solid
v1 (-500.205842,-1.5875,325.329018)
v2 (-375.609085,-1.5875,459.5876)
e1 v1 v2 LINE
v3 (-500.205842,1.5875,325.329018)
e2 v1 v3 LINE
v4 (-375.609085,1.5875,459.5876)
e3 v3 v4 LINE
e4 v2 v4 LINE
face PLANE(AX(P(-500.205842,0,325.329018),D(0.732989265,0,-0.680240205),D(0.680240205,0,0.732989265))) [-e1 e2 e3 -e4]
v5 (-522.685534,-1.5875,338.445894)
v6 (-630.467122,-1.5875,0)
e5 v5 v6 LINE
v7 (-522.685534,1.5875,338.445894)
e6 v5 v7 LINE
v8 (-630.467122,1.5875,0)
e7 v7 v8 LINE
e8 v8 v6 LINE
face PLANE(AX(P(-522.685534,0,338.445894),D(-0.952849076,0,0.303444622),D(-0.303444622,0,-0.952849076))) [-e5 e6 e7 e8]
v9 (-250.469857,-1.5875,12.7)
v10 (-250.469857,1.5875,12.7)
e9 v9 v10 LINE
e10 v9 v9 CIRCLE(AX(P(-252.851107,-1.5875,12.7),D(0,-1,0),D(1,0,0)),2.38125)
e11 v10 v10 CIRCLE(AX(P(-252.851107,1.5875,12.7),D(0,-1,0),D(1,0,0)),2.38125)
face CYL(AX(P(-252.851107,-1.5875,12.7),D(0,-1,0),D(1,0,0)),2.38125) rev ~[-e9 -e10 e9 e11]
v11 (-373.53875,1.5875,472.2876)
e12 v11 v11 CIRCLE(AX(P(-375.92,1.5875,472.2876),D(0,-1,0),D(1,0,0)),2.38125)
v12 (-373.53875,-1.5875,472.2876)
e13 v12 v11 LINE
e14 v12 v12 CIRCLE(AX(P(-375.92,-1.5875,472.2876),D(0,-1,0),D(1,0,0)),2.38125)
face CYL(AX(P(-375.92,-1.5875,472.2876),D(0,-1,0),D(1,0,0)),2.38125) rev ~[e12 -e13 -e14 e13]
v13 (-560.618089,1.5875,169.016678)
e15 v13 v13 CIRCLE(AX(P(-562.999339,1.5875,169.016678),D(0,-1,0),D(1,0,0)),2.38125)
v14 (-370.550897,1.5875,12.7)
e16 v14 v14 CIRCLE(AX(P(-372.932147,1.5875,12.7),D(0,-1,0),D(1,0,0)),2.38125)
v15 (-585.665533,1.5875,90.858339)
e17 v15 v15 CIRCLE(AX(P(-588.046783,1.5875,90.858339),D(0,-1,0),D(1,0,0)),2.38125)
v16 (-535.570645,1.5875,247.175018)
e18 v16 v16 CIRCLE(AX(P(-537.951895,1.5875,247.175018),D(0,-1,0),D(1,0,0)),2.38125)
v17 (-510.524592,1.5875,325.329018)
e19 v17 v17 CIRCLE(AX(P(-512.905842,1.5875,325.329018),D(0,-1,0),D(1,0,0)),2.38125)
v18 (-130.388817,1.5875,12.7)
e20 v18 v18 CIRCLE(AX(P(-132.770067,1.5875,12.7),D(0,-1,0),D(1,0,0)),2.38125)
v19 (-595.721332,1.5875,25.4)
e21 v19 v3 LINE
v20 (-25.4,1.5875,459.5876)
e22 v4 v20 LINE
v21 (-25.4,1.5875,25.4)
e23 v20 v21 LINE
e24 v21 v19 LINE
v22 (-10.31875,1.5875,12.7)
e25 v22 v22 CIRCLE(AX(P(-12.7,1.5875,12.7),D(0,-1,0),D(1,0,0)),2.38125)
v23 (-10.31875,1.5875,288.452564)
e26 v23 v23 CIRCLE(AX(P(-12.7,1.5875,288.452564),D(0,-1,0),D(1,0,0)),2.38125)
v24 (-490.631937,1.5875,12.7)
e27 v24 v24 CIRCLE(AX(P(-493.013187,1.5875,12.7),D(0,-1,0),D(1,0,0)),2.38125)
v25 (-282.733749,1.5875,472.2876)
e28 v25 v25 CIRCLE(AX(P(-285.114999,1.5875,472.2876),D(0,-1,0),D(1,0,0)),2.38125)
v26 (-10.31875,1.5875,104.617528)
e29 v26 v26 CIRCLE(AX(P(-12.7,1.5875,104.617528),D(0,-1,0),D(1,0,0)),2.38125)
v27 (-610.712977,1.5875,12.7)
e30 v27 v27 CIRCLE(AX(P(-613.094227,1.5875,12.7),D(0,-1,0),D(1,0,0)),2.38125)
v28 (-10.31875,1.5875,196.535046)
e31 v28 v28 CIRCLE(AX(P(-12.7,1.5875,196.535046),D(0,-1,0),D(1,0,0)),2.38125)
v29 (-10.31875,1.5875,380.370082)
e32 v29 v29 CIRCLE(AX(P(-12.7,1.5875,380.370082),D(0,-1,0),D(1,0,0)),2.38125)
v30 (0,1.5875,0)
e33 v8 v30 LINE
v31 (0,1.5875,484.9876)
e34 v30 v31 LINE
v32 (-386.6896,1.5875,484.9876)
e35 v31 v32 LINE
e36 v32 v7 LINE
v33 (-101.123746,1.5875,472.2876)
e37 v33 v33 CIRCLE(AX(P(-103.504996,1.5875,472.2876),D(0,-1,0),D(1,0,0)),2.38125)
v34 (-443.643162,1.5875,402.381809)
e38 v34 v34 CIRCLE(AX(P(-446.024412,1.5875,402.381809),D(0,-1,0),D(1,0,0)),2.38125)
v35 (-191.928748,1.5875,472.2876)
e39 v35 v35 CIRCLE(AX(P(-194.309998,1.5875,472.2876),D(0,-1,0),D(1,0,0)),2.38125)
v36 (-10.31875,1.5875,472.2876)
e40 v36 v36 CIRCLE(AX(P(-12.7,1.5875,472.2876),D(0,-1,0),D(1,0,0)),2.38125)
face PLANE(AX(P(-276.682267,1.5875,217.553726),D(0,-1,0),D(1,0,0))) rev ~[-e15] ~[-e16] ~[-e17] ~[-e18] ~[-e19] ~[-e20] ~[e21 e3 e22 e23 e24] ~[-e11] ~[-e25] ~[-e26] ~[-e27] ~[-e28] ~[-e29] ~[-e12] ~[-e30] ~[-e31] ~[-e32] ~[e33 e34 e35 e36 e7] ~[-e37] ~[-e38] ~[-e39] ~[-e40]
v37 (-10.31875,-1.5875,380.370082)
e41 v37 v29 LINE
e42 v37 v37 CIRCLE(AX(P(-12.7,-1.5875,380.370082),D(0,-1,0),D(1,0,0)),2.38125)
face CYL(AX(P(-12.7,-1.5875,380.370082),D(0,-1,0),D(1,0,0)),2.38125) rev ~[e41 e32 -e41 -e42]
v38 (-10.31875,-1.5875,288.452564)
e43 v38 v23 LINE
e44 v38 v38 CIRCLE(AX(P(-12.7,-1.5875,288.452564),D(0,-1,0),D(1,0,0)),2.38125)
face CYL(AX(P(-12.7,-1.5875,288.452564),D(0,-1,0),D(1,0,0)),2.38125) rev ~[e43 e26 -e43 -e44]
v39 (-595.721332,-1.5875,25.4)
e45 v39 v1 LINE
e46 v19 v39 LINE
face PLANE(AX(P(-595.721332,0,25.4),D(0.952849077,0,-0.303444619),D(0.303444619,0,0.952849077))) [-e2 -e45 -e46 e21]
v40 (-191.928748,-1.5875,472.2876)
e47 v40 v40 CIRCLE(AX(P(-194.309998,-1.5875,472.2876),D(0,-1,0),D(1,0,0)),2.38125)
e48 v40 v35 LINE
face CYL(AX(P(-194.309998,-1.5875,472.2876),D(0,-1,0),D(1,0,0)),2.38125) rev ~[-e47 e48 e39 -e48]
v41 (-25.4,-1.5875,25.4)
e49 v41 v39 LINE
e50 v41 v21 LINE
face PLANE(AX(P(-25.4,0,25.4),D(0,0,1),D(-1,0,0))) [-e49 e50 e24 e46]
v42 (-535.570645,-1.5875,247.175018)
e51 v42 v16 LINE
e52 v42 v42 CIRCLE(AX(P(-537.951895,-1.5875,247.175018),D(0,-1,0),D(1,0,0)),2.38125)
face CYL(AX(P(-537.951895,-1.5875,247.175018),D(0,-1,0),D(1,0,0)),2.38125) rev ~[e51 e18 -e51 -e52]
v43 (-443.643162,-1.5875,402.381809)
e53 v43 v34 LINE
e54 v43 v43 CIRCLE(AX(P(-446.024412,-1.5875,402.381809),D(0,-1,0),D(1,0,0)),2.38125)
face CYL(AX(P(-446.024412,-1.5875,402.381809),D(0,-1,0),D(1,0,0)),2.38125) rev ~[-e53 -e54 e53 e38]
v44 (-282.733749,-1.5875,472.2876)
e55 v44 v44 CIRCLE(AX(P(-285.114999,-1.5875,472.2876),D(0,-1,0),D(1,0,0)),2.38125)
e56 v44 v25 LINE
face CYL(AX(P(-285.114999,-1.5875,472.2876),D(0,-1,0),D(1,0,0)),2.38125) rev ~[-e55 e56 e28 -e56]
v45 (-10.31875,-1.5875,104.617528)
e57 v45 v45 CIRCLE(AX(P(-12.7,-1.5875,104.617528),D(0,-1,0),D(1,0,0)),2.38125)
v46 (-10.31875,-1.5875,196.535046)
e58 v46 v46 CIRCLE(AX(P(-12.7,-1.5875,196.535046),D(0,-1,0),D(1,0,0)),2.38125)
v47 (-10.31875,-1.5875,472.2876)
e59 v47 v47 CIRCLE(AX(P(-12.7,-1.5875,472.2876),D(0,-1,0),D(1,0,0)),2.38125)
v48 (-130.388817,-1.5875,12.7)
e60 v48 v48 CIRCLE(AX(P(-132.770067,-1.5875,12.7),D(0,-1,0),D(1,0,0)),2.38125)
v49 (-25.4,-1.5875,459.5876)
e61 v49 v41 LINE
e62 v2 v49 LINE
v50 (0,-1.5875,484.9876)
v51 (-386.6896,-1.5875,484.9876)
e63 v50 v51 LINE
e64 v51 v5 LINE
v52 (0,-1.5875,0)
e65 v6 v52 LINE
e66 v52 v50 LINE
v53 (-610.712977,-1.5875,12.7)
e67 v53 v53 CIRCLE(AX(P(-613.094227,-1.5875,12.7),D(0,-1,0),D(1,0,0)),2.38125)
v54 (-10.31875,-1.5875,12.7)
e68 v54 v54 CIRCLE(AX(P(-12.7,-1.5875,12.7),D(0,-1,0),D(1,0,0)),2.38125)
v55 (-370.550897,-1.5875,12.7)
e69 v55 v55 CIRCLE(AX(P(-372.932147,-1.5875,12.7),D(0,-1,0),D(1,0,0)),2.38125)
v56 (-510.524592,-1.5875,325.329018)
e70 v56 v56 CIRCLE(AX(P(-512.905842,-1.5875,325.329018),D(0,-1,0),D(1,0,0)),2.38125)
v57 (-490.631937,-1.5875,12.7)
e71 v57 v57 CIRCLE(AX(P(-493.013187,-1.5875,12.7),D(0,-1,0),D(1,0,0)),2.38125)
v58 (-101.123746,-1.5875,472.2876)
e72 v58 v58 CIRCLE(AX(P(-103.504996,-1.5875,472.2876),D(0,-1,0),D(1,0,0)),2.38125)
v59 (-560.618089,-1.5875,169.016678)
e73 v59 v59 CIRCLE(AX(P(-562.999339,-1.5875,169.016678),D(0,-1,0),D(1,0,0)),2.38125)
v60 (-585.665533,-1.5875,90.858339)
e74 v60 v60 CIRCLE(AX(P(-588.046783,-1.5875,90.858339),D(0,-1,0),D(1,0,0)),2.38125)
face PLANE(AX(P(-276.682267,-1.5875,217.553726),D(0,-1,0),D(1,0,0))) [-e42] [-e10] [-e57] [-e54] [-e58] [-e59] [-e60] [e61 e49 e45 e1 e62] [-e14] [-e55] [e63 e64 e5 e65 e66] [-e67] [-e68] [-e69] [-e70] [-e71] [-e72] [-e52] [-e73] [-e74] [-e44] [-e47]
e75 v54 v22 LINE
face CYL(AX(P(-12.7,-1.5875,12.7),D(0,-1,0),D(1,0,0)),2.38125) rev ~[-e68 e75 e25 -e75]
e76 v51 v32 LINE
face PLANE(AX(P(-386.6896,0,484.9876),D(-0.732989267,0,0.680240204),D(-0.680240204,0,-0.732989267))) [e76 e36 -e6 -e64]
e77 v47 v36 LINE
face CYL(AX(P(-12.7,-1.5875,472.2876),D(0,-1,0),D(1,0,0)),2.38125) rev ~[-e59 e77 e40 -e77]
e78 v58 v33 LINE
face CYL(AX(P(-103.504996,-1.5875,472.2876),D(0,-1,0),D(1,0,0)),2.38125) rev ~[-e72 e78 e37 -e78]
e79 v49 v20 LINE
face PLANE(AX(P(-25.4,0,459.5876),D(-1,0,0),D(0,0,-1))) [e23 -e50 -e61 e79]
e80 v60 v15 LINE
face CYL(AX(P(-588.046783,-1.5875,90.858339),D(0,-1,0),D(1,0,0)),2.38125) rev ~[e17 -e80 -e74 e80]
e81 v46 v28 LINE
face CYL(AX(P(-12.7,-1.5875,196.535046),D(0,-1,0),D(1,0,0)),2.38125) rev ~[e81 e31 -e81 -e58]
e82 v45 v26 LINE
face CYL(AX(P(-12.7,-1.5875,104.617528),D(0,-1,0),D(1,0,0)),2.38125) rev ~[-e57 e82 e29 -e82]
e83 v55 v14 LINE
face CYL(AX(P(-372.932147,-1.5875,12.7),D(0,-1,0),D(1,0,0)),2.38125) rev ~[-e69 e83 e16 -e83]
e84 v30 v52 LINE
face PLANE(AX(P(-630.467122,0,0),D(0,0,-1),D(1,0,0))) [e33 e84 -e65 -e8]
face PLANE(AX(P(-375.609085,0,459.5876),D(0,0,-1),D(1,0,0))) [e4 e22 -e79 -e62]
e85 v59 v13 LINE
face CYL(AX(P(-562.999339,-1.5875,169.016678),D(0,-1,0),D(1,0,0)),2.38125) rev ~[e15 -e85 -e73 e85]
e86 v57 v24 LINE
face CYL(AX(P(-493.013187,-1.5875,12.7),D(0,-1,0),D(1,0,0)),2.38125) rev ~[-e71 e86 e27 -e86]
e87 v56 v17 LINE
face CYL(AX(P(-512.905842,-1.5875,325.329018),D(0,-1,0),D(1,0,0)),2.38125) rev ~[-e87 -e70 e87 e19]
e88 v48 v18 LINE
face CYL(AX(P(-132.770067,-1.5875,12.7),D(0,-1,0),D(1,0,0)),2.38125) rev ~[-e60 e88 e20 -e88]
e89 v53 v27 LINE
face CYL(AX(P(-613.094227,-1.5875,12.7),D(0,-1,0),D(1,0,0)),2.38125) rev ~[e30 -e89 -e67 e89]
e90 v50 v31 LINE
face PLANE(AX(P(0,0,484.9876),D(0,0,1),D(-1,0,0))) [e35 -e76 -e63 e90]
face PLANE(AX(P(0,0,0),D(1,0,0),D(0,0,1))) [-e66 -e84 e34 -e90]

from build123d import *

# Parameters (mm, degrees)
F1_DEPTH      = 1.5875
F1_DEPTH_BACK = 1.5875
F2_R          = 2.38125
F3_DEPTH      = 3.175


with BuildPart() as f1:
    # F0 (on Front) → F1 (new body, two sides)
    with BuildSketch(Plane.XZ) as f1_sk:
        Polygon((-522.685534, 338.445894), (-630.467122, 0), (0, 0), (0, 484.9876), (-386.6896, 484.9876), align=None)
        Polygon((-595.721332, 25.4), (-500.205842, 325.329018), (-375.609085, 459.5876), (-25.4, 459.5876), (-25.4, 25.4), align=None, mode=Mode.SUBTRACT)
    extrude(amount=F1_DEPTH)
    extrude(f1_sk.sketch, amount=-F1_DEPTH_BACK)

    # F2 (on face) → F3 (cut, through all)
    with BuildSketch(Plane.XZ.offset(1.5875)):
        with Locations((-12.7, 12.7)):
            Circle(F2_R)
        with Locations((-12.7, 472.2876)):
            Circle(F2_R)
        with Locations((-375.92, 472.2876)):
            Circle(F2_R)
        with Locations((-512.905842, 325.329018)):
            Circle(F2_R)
        with Locations((-613.094227, 12.7)):
            Circle(F2_R)
        with Locations((-493.013187, 12.7)):
            Circle(F2_R)
        with Locations((-372.932147, 12.7)):
            Circle(F2_R)
        with Locations((-252.851107, 12.7)):
            Circle(F2_R)
        with Locations((-132.770067, 12.7)):
            Circle(F2_R)
        with Locations((-537.951895, 247.175018)):
            Circle(F2_R)
        with Locations((-562.999339, 169.016678)):
            Circle(F2_R)
        with Locations((-588.046783, 90.858339)):
            Circle(F2_R)
        with Locations((-446.024412, 402.381809)):
            Circle(F2_R)
        with Locations((-285.114999, 472.2876)):
            Circle(F2_R)
        with Locations((-194.309998, 472.2876)):
            Circle(F2_R)
        with Locations((-103.504996, 472.2876)):
            Circle(F2_R)
        with Locations((-12.7, 380.370082)):
            Circle(F2_R)
        with Locations((-12.7, 288.452564)):
            Circle(F2_R)
        with Locations((-12.7, 196.535046)):
            Circle(F2_R)
        with Locations((-12.7, 104.617528)):
            Circle(F2_R)
    extrude(amount=-F3_DEPTH, mode=Mode.SUBTRACT)


solid = f1.part
